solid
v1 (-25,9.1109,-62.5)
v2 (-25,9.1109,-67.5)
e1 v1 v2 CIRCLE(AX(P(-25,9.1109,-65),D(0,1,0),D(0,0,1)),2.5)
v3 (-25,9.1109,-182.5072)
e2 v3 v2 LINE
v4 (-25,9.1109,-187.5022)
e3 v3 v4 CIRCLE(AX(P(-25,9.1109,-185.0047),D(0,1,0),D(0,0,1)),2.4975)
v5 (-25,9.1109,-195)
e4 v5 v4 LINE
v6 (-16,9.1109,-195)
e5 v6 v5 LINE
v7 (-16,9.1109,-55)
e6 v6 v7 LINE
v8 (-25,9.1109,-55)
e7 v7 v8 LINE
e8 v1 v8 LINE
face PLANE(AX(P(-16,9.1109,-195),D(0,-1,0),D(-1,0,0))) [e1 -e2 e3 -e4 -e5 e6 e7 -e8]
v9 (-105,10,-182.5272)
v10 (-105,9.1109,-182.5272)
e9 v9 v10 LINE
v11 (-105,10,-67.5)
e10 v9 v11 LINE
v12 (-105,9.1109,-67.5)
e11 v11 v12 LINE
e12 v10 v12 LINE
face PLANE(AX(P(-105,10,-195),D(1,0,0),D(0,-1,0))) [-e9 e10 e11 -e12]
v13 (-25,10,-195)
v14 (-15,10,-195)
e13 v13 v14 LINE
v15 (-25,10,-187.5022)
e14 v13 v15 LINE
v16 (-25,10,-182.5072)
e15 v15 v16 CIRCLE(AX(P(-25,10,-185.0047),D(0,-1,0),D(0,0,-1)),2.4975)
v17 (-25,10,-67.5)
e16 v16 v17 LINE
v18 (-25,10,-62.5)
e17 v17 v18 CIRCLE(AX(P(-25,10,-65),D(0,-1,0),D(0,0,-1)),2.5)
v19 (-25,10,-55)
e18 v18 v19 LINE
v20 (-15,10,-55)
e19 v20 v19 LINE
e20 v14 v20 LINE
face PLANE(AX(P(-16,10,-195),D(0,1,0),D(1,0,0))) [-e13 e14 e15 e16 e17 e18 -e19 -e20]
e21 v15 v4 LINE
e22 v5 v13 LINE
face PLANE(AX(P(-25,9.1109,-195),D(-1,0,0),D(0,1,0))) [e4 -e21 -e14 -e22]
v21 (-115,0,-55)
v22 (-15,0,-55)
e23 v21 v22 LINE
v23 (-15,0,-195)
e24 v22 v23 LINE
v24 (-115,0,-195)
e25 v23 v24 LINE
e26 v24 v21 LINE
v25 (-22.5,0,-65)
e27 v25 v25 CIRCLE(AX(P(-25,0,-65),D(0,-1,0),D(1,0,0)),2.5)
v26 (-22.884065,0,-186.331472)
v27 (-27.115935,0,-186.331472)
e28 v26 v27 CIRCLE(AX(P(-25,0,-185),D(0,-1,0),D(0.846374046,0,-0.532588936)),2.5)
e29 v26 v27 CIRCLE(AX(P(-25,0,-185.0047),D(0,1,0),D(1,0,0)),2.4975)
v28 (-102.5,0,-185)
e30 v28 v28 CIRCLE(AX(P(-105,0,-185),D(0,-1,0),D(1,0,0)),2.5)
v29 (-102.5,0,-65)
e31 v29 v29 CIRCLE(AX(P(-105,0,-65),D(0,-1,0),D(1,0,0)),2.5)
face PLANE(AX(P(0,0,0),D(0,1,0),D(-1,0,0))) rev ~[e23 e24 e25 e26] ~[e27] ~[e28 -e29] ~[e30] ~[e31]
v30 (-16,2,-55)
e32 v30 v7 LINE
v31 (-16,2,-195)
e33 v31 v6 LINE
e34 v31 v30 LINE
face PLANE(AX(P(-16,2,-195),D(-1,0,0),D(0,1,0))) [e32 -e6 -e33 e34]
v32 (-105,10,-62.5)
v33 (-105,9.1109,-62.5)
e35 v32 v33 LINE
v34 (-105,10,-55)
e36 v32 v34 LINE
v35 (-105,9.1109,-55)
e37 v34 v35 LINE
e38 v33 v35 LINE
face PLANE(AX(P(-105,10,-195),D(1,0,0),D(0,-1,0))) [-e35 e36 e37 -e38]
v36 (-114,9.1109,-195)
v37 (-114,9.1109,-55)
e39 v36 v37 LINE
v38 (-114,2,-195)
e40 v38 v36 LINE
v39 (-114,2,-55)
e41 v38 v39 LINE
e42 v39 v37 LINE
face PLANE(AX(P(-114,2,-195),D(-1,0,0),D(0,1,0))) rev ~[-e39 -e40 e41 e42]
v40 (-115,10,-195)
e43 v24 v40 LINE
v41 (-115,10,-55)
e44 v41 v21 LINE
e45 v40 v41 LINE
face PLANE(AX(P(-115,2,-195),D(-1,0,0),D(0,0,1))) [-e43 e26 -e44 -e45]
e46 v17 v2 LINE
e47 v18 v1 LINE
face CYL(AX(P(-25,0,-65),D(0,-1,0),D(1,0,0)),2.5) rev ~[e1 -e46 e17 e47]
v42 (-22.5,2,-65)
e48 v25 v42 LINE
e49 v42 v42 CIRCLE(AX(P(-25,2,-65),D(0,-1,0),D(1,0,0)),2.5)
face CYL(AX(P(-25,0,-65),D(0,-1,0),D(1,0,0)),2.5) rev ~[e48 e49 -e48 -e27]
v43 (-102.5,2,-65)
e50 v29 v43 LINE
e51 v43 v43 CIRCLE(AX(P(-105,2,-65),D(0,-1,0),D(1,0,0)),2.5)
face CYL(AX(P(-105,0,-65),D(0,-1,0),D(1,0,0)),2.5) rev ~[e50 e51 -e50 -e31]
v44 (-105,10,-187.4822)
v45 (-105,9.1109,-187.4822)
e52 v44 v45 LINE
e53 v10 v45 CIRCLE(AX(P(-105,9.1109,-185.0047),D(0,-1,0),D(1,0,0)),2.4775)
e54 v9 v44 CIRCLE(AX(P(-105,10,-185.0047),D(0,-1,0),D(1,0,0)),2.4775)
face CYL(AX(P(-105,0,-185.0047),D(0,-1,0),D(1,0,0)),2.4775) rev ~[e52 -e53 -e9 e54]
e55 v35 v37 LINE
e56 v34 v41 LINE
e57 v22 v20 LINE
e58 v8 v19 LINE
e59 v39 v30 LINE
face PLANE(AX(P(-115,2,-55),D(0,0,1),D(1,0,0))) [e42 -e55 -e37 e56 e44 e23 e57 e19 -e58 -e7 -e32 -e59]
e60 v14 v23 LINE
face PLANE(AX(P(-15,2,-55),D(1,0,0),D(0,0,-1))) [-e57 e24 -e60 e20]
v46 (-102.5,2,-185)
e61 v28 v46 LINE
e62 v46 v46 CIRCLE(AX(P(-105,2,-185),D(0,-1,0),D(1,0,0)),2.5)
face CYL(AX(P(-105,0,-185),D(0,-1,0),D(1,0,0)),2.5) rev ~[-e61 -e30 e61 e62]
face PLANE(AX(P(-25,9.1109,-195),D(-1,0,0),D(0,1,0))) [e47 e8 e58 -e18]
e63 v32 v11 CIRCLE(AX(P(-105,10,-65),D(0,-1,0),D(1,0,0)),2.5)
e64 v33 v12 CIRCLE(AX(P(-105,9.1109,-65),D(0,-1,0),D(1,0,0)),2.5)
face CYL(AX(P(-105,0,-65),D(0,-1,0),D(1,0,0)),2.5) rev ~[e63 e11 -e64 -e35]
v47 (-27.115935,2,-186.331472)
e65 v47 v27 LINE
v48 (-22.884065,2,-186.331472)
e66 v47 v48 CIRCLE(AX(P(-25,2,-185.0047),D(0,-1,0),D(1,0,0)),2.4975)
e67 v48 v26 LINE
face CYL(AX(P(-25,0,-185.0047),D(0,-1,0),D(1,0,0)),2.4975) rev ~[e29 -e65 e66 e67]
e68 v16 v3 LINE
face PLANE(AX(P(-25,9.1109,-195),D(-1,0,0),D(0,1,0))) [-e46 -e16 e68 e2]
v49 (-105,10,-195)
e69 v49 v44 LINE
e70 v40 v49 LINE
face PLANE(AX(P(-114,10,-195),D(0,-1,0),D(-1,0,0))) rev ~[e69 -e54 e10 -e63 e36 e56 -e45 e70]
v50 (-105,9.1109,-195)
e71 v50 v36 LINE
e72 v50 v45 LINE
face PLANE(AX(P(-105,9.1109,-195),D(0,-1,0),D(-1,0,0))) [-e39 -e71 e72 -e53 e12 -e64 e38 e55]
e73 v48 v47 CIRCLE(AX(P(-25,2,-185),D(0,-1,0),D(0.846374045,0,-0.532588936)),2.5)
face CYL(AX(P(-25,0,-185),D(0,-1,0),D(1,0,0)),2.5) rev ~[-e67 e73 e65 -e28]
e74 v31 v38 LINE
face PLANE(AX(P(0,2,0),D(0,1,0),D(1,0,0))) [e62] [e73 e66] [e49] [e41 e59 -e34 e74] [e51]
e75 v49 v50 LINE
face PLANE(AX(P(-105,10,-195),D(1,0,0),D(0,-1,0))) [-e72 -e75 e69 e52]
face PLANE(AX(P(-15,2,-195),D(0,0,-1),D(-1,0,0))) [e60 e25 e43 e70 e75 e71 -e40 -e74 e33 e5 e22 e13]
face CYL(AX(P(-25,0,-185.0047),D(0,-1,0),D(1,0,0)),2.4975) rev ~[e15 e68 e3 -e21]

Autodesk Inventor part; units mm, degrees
ref_plane "YZ Plane" through (0, 0, 0) normal (1, 0, 0) x (0, 1, 0)
ref_plane "XZ Plane" through (0, 0, 0) normal (0, 1, 0) x (-1, 0, 0)
ref_plane "XY Plane" through (0, 0, 0) normal (0, 0, 1) x (1, 0, 0)
sketch "Boceto1" plane through (0, 0, 0) normal (0, 1, 0) x (-1, 0, 0)
  line L0 (0, 0) -> (130, 0)
  line L1 (130, 0) -> (130, -230)
  line L2 (130, -230) -> (0, -230)
  line L3 (0, -230) -> (0, 0)
  dimension "d0" = 130
  dimension "d1" = 230
extrude "Extrusión1" add sketch "Boceto1" along normal blind 3
sketch "Boceto2" plane through (0, 3, 0) normal (0, 1, 0) x (1, 0, 0)
  line L0 (0, 230) -> (-130, 230) projected
  line L1 (0, 0) -> (-130, 0)
  line L2 (-130, 0) -> (-130, 230)
  line L3 (-130, 230) -> (0, 230)
  line L4 (0, 230) -> (0, 0)
  line L5 (-127, 227) -> (-127, 3)
  line L6 (-127, 3) -> (-3, 3)
  line L7 (-3, 3) -> (-3, 227)
  line L8 (-3, 227) -> (-127, 227)
  dimension "d4" = 3
extrude "Extrusión2" add sketch "Boceto2" along normal blind 60
sketch "Boceto3" plane through (-127, 3, -3) normal (1, 0, 0) x (0, 0, -1)
  line L0 (224, 0) -> (224, 60) projected
  line L1 (0, 60) -> (224, 60)
  line L2 (224, 60) -> (224, 59)
  line L3 (224, 59) -> (0, 59)
  line L4 (0, 59) -> (0, 60)
  point P0 (-3, -3)
  dimension "d7" = 1
extrude "Extrusión3" add sketch "Boceto3" along normal blind 10
sketch "Boceto4" plane through (-117, 3, -3) normal (1, 0, 0) x (0, 0, -1)
  line L0 (0, 59) -> (224, 59) projected
  line L1 (0, 60) -> (10, 60)
  line L2 (10, 60) -> (10, 59)
  line L3 (10, 59) -> (0, 59)
  line L4 (0, 59) -> (0, 60)
  line L5 (224, 60) -> (214, 60)
  line L6 (214, 60) -> (214, 59)
  line L7 (214, 59) -> (224, 59)
  line L8 (224, 59) -> (224, 60)
  point P0 (-3, -3)
  dimension "d10" = 10
  dimension "d11" = 10
extrude "Extrusión4" add sketch "Boceto4" along normal blind 115.25
sketch "Boceto5" plane through (-117, 63, -217) normal (0, 0, 1) x (1, 0, 0)
  line L0 (114, -1) -> (104, -1)
  line L1 (104, -1) -> (104, 0)
  line L2 (104, 0) -> (114, 0)
  line L3 (114, 0) -> (114, -1)
  line L4 (0, 0) -> (114, 0) projected
  line L5 (0, -1) -> (114, -1) projected
  point P0 (117, -63)
  dimension "d14" = 10
  dimension "d15" = 0
  dimension "d16" = 0
extrude "Extrusión5" add sketch "Boceto5" along normal blind 211.5
sketch "Boceto6" plane through (0, 63, 0) normal (0, 1, 0) x (1, 0, 0)
  circle A0 centre (-10, 220) radius 1.5
  circle A1 centre (-120, 220) radius 1.5
  circle A2 centre (-10, 10) radius 1.5
  circle A3 centre (-120, 10) radius 1.5
  line L0 (-130, 0) -> (0, 0) projected
  line L1 (0, 0) -> (0, 230) projected
  line L2 (-130, 230) -> (-130, 0) projected
  line L3 (0, 230) -> (-130, 230) projected
  dimension "d19" = 3
  dimension "d20" = 3
  dimension "d21" = 3
  dimension "d22" = 3
  dimension "d23" = 10
  dimension "d24" = 10
  dimension "d25" = 10
  dimension "d26" = 10
  dimension "d27" = 10
  dimension "d28" = 10
  dimension "d29" = 10
  dimension "d30" = 10
extrude "Extrusión6" cut sketch "Boceto6" against normal blind 211.5 contours A0 | A1 | A2 | A3
sketch "Boceto7" plane through (0, 0, 0) normal (0, -1, 0) x (1, 0, 0)
  circle A0 centre (-25, -205) radius 4
  circle A1 centre (-105, -205) radius 4
  circle A2 centre (-25, -25) radius 4
  circle A3 centre (-105, -25) radius 4
  line L0 (0, 0) -> (0, -230) projected
  line L1 (0, -230) -> (-130, -230) projected
  line L2 (-130, -230) -> (-130, 0) projected
  line L3 (-130, 0) -> (0, 0) projected
  dimension "d33" = 8
  dimension "d34" = 8
  dimension "d35" = 8
  dimension "d36" = 8
  dimension "d37" = 25
  dimension "d38" = 25
  dimension "d39" = 25
  dimension "d40" = 25
  dimension "d41" = 25
  dimension "d42" = 25
  dimension "d43" = 25
  dimension "d44" = 25
extrude "Extrusión7" cut sketch "Boceto7" against normal blind 10 contours A0 | A1 | A2 | A3
sketch "Boceto8" plane through (0, 0, 0) normal (0, -1, 0) x (1, 0, 0)
  line L0 (-30, -35) -> (-100, -35)
  line L1 (-100, -35) -> (-100, -45)
  line L2 (-100, -45) -> (-30, -45)
  line L3 (-30, -45) -> (-30, -35)
  line L4 (-130, 0) -> (0, 0) projected
  line L5 (0, 0) -> (0, -230) projected
  line L6 (-130, -230) -> (-130, 0) projected
  circle A0 centre (-35, -40) radius 2.5
  circle A1 centre (-95, -40) radius 2.5
  point P0 (-30, -40)
  dimension "d47" = 70
  dimension "d48" = 10
  dimension "d49" = 35
  dimension "d50" = 30
  dimension "d51" = 30
  dimension "d52" = 5
  dimension "d53" = 5
  dimension "d54" = 5
  dimension "d55" = 5
  dimension "d56" = 5
  dimension "d57" = 5
extrude "Extrusión8" cut sketch "Boceto8" against normal blind 10 contours A0 | A1
sketch "Boceto9" plane through (0, 0, 0) normal (0, -1, 0) x (1, 0, 0)
  line L0 (-20, -190) -> (-110, -190)
  line L1 (-110, -190) -> (-110, -60)
  line L2 (-110, -60) -> (-20, -60)
  line L3 (-20, -60) -> (-20, -190)
  line L4 (0, 0) -> (0, -230) projected
  line L5 (-130, -230) -> (-130, 0) projected
  line L6 (-130, 0) -> (0, 0) projected
  circle A0 centre (-25, -185) radius 2.5
  circle A1 centre (-25, -65) radius 2.5
  circle A2 centre (-105, -65) radius 2.5
  circle A3 centre (-105, -185) radius 2.5
  dimension "d60" = 90
  dimension "d61" = 130
  dimension "d62" = 20
  dimension "d63" = 20
  dimension "d64" = 60
  dimension "d65" = 5
  dimension "d66" = 5
  dimension "d67" = 5
  dimension "d68" = 5
  dimension "d69" = 5
  dimension "d70" = 5
  dimension "d71" = 5
  dimension "d72" = 5
  dimension "d73" = 5
  dimension "d74" = 5
  dimension "d75" = 5
  dimension "d76" = 5
extrude "Extrusión9" cut sketch "Boceto9" against normal blind 10 contours A0 | A1 | A2 | A3
sketch "Boceto11" plane through (0, 63, 0) normal (0, 1, 0) x (1, 0, 0)
  line L0 (-230.0178, 308.5075) -> (121.3875, 308.5075)
  line L1 (121.3875, 308.5075) -> (121.3875, -22.7652)
  line L2 (121.3875, -22.7652) -> (-230.0178, -22.7652)
  line L3 (-230.0178, -22.7652) -> (-230.0178, 308.5075)
  point P0 (0, 0)
extrude "Extrusión10" cut sketch "Boceto11" against normal blind 61
sketch "Boceto12" plane through (0, 2, 0) normal (0, 1, 0) x (1, 0, 0)
  circle A0 centre (-105, 185) radius 2.5 projected
  circle A1 centre (-25, 65) radius 2.5 projected
  line L0 (-105, 185) -> (-25, 185)
  line L1 (-25, 185) -> (-25, 65)
  line L2 (-25, 65) -> (-105, 65)
  line L3 (-105, 65) -> (-105, 185)
  line L4 (-158.8037, 262.2681) -> (33.433, 262.2681)
  line L5 (33.433, 262.2681) -> (33.433, -27.1386)
  line L6 (33.433, -27.1386) -> (-158.8037, -27.1386)
  line L7 (-158.8037, -27.1386) -> (-158.8037, 262.2681)
  line L8 (-15, 55) -> (-15, 195)
  line L9 (-15, 195) -> (-115, 195)
  line L10 (-115, 195) -> (-115, 55)
  line L11 (-115, 55) -> (-15, 55)
  circle A2 centre (-105, 185) radius 2.5
  circle A3 centre (-25, 185) radius 2.5 projected
  circle A4 centre (-25, 185) radius 2.5
  circle A5 centre (-105, 65) radius 2.5 projected
  circle A6 centre (-105, 65) radius 2.5
  circle A7 centre (-25, 65) radius 2.5
  point P0 (0, 0)
  dimension "d81" = 10
extrude "Extrusión11" cut sketch "Boceto12" against normal blind 61 contours L4 L5 L6 L7
sketch "Boceto13" plane through (-15, 2, -195) normal (0, 0, -1) x (-1, 0, 0)
  line L0 (100, 0) -> (100, -2) projected
  line L1 (100, -2) -> (99, -2)
  line L2 (99, -2) -> (99, 8)
  line L3 (99, 8) -> (100, 8)
  line L4 (100, 8) -> (100, -2)
  line L5 (0, -2) -> (1, -2)
  line L6 (1, -2) -> (1, 8)
  line L7 (1, 8) -> (0, 8)
  line L8 (0, 8) -> (0, -2)
  line L9 (0, 0) -> (0, -2) projected
  line L10 (100, 8) -> (0, 8)
  line L11 (0, 8) -> (0, 7.1109)
  line L12 (0, 7.1109) -> (100, 7.1109)
  line L13 (100, 7.1109) -> (100, 8)
  line L14 (90, 7.1109) -> (10, 7.1109)
  line L15 (10, 7.1109) -> (10, 8)
  line L16 (10, 8) -> (90, 8)
  line L17 (90, 8) -> (90, 7.1109)
  line L18 (100, 0) -> (0, 0)
  line L19 (0, 0) -> (0, 8)
  line L20 (0, 8) -> (100, 8)
  line L21 (100, 8) -> (100, 0)
  point P0 (-15, -2)
  point P1 (0, -1)
  point P2 (90, 7.5554)
  point P3 (10, 7.5554)
  point P4 (99, 0)
  point P5 (99, 7.1109)
  point P6 (10, 7.1109)
  point P7 (1, 8)
  point P8 (1, 0)
  point P9 (1, 7.1109)
  dimension "d84" = 1
  dimension "d85" = 1
  dimension "d86" = 0
  dimension "d87" = 10
  dimension "d88" = 10
  dimension "d89" = 100
  dimension "d90" = 10
  dimension "d91" = 10
extrude "Extrusión12" add sketch "Boceto13" against normal blind 140 contours L18 L2 L12 L4 | L12 L2 L3 L4 | L12 L17 L10 L2 | L18 L8 L12 L6 | L12 L8 L7 L6 | L6 L10 L15 L12
sketch "Boceto14" plane through (0, 0, 0) normal (0, -1, 0) x (1, 0, 0)
  circle A0 centre (-25, -65) radius 2.5 projected
  circle A1 centre (-25, -65) radius 2.5
  line L0 (-25, -195) -> (-25, -55) projected
  circle A2 centre (-25, -185.0047) radius 2.4975
  line L1 (-105, -195) -> (-105, -55) projected
  circle A3 centre (-105, -185.0047) radius 2.4775
  circle A4 centre (-105, -65) radius 2.5 projected
  circle A5 centre (-105, -65) radius 2.5
  point P0 (0, 0)
extrude "Extrusión13" cut sketch "Boceto14" against normal blind 140
